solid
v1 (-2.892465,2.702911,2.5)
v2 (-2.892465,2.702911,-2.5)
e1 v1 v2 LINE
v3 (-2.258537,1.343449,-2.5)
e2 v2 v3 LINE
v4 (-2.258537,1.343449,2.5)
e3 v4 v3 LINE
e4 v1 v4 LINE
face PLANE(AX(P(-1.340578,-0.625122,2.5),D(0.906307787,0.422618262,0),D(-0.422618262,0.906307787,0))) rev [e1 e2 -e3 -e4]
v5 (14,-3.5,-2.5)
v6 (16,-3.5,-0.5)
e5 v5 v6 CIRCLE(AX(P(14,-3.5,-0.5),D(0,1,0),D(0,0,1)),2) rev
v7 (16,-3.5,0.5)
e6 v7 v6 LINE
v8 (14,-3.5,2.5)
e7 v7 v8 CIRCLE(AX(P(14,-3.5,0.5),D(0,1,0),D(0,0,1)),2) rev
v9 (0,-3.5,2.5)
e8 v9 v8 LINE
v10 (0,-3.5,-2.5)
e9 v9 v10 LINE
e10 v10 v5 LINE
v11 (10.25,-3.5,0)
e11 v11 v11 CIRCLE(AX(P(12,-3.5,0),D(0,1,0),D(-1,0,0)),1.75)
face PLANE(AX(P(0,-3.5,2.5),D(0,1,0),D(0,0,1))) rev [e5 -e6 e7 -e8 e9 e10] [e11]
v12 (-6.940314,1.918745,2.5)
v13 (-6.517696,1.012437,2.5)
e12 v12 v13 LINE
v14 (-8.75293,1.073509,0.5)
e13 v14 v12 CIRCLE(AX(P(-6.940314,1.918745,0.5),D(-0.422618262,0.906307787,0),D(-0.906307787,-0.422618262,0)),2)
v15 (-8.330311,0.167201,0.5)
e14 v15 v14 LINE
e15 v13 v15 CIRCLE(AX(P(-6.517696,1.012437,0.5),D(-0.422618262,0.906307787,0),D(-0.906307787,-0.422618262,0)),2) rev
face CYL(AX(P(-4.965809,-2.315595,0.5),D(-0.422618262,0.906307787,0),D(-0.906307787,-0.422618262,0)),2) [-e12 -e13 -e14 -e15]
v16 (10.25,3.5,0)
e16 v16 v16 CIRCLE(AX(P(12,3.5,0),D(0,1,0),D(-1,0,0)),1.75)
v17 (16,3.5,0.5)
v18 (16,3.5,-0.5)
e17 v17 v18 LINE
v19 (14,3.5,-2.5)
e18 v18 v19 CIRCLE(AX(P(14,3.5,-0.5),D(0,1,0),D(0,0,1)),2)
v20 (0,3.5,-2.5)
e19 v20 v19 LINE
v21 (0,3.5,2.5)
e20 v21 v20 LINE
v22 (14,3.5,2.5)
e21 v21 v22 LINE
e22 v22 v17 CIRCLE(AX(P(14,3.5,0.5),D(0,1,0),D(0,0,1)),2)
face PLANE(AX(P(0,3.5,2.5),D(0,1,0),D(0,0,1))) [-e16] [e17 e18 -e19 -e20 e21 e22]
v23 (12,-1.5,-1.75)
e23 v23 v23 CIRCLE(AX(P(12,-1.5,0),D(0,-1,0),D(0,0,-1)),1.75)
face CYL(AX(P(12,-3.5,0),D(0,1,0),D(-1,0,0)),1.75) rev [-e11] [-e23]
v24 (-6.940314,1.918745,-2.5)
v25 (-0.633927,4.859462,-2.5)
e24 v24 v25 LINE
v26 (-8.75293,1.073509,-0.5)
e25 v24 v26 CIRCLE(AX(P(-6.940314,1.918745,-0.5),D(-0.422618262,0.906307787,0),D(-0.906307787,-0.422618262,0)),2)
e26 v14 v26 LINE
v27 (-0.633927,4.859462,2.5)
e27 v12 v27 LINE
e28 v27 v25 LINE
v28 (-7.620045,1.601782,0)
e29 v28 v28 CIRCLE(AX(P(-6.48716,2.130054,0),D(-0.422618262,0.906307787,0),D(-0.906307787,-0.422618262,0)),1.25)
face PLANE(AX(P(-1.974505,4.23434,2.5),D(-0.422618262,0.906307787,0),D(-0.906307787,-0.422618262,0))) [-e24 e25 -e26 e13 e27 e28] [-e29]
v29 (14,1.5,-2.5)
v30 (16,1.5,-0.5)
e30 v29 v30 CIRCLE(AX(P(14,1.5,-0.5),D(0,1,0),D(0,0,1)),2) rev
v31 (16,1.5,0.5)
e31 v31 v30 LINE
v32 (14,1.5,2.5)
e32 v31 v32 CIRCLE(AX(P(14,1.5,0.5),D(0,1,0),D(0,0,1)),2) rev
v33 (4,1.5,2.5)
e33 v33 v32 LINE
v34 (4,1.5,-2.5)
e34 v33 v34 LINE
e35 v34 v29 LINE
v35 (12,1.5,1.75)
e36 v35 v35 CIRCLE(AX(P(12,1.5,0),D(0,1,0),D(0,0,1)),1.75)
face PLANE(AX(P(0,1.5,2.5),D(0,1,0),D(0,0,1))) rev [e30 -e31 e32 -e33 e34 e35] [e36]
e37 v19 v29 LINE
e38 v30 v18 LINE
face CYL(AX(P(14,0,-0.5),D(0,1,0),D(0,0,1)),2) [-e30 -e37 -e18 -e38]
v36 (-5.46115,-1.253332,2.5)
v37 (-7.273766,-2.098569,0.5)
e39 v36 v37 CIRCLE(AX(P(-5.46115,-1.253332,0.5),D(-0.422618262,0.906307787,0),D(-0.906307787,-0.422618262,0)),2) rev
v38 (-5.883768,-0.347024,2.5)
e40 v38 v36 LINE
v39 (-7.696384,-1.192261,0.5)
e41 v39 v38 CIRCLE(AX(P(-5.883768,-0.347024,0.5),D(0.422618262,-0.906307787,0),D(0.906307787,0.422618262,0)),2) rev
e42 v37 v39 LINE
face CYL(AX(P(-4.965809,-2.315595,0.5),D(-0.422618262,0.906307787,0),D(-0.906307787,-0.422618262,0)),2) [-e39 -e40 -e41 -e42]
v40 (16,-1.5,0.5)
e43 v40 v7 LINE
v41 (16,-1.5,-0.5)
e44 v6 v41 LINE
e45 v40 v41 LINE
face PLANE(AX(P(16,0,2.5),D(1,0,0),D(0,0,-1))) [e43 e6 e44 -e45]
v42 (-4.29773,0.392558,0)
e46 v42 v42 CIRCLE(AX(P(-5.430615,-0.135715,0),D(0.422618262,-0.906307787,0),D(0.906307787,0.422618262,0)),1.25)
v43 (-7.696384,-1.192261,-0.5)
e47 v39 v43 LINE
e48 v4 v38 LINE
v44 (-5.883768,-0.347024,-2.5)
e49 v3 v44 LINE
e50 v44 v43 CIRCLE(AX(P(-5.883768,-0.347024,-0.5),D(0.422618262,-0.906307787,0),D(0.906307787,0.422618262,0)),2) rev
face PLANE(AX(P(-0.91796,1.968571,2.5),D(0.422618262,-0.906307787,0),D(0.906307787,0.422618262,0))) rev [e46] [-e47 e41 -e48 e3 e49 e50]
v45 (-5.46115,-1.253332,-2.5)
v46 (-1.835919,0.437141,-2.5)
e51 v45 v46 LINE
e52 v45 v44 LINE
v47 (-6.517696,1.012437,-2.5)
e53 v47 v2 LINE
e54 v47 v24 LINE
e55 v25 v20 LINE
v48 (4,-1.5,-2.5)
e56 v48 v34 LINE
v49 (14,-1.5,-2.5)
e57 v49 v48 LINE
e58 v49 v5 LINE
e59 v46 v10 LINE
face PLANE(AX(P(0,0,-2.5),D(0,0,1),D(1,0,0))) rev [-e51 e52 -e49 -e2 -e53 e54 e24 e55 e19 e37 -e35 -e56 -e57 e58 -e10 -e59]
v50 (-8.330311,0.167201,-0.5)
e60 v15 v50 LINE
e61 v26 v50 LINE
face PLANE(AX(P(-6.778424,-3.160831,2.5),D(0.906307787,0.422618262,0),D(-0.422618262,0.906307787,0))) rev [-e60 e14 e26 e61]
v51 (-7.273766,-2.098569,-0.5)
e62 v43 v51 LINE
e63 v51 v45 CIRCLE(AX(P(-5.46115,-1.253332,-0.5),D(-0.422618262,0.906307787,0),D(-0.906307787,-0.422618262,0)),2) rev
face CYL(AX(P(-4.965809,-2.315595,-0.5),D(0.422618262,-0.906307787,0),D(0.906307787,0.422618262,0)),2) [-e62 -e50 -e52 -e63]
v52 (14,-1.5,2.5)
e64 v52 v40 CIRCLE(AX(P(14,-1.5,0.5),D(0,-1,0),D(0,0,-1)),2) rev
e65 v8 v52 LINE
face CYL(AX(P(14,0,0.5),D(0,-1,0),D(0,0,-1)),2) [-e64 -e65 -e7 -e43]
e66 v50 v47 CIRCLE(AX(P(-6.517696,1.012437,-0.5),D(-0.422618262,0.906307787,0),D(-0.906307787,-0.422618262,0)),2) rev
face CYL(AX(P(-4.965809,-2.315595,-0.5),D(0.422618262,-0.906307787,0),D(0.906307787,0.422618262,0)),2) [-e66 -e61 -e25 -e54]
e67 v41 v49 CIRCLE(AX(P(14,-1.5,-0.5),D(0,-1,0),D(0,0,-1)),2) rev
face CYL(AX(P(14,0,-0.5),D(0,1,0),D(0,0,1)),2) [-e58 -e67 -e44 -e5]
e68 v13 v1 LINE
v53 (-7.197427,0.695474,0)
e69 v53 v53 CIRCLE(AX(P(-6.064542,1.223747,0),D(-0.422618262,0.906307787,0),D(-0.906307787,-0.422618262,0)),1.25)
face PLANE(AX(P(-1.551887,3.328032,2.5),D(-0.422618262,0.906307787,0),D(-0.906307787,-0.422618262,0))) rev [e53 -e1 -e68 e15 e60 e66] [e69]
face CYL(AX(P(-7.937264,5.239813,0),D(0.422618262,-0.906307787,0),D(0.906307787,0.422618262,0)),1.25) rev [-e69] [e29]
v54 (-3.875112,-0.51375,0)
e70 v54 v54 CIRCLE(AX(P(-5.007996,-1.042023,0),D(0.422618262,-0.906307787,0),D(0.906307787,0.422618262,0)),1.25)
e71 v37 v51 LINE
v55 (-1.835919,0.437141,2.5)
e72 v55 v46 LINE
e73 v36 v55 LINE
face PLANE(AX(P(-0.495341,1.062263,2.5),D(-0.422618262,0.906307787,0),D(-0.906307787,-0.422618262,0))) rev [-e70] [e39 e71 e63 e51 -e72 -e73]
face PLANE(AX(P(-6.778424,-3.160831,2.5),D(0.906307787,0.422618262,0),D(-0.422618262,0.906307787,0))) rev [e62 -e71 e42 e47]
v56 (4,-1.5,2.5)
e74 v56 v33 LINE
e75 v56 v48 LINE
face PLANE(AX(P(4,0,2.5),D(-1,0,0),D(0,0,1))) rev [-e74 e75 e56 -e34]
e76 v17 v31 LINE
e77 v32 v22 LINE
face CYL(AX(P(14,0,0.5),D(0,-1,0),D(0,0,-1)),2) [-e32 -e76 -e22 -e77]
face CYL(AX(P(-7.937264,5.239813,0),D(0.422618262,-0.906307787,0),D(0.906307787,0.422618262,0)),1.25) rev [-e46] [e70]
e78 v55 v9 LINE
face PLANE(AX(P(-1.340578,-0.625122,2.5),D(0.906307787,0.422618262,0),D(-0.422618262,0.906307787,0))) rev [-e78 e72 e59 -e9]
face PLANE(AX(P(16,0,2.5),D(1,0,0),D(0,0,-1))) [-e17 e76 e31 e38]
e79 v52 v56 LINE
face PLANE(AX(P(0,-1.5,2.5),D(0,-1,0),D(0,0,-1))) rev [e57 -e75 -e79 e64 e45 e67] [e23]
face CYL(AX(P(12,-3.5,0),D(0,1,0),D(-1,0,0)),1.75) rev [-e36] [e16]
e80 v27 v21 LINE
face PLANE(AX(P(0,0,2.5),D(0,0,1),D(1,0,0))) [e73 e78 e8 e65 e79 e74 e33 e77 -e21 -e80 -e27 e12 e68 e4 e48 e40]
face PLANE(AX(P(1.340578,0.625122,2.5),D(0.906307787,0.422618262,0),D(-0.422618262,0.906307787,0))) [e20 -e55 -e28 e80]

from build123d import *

# Parameters (mm, degrees)
BOSS_EXTRUDE1_DEPTH = 2.5
SKETCH2_R           = 1.25
CUT_EXTRUDE1_DEPTH  = 7.931238628
SKETCH3_R           = 1.75
CUT_EXTRUDE2_DEPTH  = 8
FILLET1_R           = 2


with BuildPart() as part:
    # Sketch1 → Boss-Extrude1 (new body, symmetric)
    with BuildSketch(Plane.XY):
        Polygon((16, -1.5), (16, -3.5), (0, -3.5), (-1.835919027, 0.43714106), (-7.27376575, -2.098568511), (-7.696384011, -1.192260724), (-2.258537289, 1.343448847), (-2.892464682, 2.702910527), (-8.330311404, 0.167200957), (-8.752929666, 1.073508744), (-0.633927393, 4.859461681), (0, 3.5), (16, 3.5), (16, 1.5), (4, 1.5), (4, -1.5), align=None)
    extrude(amount=BOSS_EXTRUDE1_DEPTH, both=True)

    # Sketch2 → Cut-Extrude1 (cut, through all)
    with BuildSketch(Plane(origin=(-0.495341252, 1.062262743, 0), x_dir=(0.906307787, 0.422618262, 0), z_dir=(0.422618262, -0.906307787, 0))):
        with Locations((-4.979163916, 0)):
            Circle(SKETCH2_R)
    extrude(amount=-CUT_EXTRUDE1_DEPTH, mode=Mode.SUBTRACT)

    # Sketch3 → Cut-Extrude2 (cut, through all)
    with BuildSketch(Plane(origin=(0, 3.5, 0), x_dir=(1, 0, 0), z_dir=(0, 1, 0))):
        with Locations((12, 0)):
            Circle(SKETCH3_R)
    extrude(amount=-CUT_EXTRUDE2_DEPTH, mode=Mode.SUBTRACT)

    # Fillet1
    fillet1_edges = [part.edges().sort_by_distance(p)[0] for p in [
        (-7.485074881, -1.645414617, -2.5),
        (-8.541620535, 0.62035485, -2.5),
        (16, 2.5, -2.5),
        (16, -2.5, -2.5),
        (16, 2.5, 2.5),
        (-8.541620535, 0.62035485, 2.5),
        (16, -2.5, 2.5),
        (-7.485074881, -1.645414617, 2.5),
    ]]
    fillet(fillet1_edges, radius=FILLET1_R)


solid = part.part
